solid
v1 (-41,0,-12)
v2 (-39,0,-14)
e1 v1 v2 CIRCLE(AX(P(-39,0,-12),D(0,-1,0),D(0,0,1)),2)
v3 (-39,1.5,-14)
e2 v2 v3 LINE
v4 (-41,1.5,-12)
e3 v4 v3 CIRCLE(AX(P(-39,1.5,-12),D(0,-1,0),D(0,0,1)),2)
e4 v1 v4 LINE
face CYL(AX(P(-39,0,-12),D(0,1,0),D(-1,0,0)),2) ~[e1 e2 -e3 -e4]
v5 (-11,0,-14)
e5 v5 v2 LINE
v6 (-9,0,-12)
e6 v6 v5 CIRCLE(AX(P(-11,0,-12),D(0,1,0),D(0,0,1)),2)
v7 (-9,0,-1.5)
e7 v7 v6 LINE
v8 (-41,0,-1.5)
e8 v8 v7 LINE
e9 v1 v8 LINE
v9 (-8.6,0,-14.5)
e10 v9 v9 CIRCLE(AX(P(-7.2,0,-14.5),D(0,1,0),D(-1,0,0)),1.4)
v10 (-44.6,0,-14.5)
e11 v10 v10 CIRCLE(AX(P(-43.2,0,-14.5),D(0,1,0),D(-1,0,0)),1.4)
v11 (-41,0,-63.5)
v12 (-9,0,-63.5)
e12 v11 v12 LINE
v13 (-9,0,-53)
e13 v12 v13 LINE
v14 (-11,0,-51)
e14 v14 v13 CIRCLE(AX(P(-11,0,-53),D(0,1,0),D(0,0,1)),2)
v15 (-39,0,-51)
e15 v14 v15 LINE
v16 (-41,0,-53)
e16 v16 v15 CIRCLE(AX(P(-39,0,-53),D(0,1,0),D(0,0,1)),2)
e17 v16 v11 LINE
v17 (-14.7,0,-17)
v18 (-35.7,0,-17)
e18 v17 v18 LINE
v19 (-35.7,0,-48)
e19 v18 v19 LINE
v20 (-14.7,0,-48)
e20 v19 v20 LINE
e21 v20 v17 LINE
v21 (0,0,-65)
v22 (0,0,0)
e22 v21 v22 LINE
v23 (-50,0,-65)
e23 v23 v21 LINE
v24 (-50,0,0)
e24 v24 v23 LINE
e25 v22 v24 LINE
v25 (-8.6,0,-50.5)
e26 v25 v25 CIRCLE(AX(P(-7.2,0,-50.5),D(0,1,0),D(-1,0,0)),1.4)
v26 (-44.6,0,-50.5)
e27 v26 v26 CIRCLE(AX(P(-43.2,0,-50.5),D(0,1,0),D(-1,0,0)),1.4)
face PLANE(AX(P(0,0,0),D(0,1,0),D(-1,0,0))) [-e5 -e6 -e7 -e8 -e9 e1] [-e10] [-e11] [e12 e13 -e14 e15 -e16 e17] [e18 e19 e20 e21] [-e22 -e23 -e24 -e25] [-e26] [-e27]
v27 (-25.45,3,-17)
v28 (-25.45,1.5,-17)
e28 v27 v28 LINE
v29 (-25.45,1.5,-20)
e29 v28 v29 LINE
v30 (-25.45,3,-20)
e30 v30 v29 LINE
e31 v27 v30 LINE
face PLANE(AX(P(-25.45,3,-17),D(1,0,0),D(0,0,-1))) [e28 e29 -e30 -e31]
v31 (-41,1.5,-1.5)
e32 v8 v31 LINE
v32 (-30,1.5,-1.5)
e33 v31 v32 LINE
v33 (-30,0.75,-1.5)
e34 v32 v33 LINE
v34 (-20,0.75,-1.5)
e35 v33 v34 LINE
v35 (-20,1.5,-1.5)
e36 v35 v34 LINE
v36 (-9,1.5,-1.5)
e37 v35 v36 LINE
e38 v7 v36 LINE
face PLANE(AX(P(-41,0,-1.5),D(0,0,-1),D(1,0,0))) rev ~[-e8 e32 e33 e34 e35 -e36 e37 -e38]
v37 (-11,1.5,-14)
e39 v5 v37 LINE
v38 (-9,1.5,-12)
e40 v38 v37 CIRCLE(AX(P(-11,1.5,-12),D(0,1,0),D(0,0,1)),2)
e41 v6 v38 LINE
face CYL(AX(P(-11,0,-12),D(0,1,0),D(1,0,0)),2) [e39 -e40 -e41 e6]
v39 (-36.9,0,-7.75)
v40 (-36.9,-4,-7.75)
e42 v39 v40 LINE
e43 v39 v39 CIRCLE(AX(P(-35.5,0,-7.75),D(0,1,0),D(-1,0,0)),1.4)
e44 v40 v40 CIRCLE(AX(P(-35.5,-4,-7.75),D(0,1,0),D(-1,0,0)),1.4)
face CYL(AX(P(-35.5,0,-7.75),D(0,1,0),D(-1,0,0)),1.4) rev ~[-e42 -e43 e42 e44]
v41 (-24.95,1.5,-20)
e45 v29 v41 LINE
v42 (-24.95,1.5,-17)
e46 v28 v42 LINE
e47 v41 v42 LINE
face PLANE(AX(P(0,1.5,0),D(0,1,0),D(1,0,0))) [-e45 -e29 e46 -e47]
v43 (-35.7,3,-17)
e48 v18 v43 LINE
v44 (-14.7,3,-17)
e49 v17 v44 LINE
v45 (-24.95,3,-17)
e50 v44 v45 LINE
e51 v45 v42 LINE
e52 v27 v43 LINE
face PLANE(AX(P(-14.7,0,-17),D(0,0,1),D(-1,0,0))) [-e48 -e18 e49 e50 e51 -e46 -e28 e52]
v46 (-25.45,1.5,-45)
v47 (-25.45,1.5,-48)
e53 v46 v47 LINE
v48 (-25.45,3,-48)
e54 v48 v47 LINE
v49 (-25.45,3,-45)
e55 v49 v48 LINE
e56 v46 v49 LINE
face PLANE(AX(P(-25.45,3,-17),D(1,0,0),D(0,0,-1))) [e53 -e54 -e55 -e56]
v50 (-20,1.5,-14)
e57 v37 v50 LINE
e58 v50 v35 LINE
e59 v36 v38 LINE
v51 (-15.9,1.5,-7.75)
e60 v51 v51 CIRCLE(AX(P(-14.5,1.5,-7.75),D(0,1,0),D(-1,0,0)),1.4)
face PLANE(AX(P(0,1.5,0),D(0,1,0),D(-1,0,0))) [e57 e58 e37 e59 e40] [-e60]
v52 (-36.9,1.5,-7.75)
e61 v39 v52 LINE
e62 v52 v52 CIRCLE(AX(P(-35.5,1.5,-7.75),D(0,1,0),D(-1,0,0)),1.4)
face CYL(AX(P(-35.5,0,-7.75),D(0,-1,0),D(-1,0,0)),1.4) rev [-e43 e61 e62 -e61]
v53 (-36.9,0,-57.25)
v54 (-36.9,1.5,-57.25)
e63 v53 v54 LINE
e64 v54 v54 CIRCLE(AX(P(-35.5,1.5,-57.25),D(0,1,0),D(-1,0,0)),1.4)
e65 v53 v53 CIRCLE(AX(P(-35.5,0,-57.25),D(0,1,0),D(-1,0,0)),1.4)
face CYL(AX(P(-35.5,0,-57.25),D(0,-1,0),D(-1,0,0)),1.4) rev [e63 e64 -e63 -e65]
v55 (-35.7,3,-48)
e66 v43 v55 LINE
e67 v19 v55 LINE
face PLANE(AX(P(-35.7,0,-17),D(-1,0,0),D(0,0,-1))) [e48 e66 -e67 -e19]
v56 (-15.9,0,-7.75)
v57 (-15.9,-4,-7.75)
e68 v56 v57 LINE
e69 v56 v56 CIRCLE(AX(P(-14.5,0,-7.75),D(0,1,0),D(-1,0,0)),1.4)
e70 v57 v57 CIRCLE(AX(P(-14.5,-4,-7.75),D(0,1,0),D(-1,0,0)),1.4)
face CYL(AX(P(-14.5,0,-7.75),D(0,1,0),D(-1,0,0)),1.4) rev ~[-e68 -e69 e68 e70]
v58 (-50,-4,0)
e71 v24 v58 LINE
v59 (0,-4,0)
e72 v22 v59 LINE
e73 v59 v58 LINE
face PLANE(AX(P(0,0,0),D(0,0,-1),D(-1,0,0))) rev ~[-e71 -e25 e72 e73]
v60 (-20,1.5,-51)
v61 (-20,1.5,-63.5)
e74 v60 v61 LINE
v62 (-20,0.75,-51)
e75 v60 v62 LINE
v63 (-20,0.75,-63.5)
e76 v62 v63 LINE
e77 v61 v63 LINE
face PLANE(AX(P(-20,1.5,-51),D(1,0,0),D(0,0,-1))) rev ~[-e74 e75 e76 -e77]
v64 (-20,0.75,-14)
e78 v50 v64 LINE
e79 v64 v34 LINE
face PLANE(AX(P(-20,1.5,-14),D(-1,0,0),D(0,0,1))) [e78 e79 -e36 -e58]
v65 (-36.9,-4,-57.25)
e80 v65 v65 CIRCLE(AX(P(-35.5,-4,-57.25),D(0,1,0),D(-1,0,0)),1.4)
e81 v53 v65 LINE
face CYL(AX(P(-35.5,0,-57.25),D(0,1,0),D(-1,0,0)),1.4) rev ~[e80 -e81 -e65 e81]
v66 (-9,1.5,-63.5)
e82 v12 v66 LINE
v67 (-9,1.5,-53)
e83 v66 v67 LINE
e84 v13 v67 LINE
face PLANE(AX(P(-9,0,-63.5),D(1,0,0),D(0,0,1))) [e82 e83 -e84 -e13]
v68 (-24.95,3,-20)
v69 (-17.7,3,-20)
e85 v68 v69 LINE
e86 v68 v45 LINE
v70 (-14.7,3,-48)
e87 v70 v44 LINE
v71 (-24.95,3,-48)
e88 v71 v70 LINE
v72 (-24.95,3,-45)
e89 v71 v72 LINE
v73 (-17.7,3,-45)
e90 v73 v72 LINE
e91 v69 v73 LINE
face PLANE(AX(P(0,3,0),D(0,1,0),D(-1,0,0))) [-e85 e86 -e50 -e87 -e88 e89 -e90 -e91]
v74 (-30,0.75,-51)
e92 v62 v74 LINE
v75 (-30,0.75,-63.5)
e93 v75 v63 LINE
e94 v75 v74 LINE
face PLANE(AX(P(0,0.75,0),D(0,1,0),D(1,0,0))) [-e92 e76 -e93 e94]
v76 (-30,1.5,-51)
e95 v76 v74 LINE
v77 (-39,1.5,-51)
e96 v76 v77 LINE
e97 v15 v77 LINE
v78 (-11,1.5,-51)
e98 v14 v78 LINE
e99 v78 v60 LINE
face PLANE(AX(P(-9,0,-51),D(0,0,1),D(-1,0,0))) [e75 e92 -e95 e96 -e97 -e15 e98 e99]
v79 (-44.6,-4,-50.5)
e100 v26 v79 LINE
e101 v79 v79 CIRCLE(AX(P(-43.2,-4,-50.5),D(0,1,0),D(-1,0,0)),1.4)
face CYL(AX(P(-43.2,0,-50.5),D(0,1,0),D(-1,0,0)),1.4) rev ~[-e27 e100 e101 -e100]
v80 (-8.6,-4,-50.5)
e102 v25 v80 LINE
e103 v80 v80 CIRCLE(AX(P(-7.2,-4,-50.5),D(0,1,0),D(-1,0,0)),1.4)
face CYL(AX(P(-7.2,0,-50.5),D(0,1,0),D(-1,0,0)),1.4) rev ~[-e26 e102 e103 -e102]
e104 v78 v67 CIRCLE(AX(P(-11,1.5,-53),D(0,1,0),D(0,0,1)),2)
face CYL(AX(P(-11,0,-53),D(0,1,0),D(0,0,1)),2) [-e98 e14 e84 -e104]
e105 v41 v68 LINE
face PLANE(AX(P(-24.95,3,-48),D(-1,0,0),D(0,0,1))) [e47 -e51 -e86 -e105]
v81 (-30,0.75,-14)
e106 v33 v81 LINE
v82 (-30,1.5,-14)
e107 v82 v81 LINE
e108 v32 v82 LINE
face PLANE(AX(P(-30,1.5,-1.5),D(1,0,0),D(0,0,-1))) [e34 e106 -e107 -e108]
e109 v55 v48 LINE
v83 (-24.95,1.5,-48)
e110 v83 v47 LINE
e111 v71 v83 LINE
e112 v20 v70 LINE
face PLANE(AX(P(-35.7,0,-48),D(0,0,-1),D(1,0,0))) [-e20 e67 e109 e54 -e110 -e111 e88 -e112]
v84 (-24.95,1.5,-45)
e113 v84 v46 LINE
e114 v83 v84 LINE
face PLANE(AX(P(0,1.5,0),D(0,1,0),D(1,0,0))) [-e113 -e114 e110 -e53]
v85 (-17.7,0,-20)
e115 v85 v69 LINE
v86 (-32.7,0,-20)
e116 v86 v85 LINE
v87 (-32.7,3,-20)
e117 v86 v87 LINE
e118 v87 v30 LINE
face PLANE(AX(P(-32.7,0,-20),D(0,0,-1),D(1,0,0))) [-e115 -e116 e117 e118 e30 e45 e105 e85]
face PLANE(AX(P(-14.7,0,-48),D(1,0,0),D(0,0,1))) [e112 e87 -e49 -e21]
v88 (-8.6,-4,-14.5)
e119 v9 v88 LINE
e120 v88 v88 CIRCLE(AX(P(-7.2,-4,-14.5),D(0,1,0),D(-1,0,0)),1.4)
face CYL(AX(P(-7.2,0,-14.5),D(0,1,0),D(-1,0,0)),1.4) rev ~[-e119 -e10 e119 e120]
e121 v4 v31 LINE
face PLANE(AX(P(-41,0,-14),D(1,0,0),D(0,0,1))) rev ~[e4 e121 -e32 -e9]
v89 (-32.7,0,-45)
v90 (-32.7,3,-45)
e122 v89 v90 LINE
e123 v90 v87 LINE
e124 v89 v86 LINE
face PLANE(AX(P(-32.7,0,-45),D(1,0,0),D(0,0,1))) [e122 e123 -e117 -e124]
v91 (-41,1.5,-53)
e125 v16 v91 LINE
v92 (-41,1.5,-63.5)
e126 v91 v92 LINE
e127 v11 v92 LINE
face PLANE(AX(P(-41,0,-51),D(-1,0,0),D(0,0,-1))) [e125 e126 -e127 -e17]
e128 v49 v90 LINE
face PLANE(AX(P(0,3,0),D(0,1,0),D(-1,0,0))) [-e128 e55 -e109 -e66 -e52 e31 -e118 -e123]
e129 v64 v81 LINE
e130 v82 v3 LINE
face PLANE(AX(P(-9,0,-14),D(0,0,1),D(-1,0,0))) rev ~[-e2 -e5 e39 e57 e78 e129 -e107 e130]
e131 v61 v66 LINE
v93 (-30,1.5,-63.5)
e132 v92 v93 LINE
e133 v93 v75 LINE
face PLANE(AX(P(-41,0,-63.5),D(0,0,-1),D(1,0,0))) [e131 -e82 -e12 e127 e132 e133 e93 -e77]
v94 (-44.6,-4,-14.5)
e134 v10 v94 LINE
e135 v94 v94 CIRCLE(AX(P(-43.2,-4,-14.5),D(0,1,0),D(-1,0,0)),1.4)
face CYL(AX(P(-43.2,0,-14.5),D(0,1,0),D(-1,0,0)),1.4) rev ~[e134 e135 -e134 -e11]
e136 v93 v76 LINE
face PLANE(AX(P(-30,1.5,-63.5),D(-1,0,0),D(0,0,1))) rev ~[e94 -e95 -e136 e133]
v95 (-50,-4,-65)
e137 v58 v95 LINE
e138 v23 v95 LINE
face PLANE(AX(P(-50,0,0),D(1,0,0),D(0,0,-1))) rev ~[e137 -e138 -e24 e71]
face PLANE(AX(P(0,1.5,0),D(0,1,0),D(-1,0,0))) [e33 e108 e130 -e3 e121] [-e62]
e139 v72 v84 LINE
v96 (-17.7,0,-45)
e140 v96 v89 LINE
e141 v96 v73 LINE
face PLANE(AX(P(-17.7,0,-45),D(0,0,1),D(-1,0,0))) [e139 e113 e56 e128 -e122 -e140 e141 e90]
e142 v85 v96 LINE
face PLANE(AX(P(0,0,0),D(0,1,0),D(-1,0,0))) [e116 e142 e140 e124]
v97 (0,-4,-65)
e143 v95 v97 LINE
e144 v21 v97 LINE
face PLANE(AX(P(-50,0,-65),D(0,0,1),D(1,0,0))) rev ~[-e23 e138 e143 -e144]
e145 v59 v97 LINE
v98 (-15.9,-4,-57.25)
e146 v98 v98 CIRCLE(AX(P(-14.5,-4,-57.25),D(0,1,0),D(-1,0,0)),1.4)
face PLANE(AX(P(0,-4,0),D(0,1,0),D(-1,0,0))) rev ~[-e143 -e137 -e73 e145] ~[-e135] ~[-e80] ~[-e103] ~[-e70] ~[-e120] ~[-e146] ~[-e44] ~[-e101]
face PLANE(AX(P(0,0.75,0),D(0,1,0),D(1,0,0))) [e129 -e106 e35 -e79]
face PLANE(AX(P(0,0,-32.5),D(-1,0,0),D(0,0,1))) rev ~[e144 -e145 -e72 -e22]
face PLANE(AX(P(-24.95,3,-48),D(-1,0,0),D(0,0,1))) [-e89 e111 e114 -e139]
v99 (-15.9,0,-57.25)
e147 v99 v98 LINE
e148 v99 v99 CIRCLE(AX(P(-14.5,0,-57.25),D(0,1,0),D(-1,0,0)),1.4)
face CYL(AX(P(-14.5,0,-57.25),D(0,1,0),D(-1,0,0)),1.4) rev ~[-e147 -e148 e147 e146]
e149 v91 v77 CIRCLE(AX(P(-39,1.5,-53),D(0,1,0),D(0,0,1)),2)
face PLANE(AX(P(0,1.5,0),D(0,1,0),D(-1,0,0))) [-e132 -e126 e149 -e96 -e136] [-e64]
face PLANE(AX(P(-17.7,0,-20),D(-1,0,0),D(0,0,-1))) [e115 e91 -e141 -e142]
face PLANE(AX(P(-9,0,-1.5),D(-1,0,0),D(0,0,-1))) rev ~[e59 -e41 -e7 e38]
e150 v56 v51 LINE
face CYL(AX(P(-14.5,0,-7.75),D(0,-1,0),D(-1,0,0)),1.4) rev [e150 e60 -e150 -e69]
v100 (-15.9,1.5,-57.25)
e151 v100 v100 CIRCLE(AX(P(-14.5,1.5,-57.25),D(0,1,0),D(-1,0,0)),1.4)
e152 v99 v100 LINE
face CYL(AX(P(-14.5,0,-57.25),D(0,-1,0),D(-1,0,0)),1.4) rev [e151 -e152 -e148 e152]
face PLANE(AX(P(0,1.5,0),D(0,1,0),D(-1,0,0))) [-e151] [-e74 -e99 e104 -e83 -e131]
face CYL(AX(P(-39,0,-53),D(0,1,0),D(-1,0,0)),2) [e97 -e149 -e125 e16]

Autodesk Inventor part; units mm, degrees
ref_plane "YZ Plane" through (0, 0, 0) normal (1, 0, 0) x (0, 1, 0)
ref_plane "XZ Plane" through (0, 0, 0) normal (0, 1, 0) x (-1, 0, 0)
ref_plane "XY Plane" through (0, 0, 0) normal (0, 0, 1) x (1, 0, 0)
sketch "Boceto1" plane through (0, 0, 0) normal (0, 1, 0) x (-1, 0, 0)
  line L0 (0, 0) -> (50, 0)
  line L1 (50, 0) -> (50, -65)
  line L2 (50, -65) -> (0, -65)
  line L3 (0, -65) -> (0, 0)
  line L4 (17.7, -45) -> (32.7, -45)
  line L5 (32.7, -45) -> (32.7, -20)
  line L6 (32.7, -20) -> (17.7, -20)
  line L7 (17.7, -20) -> (17.7, -45)
  line L8 (17.7, -45) -> (32.7, -20) construction
  line L9 (32.7, -45) -> (17.7, -20) construction
  line L10 (35.7, -17) -> (35.7, -48)
  line L11 (35.7, -48) -> (14.7, -48)
  line L12 (14.7, -48) -> (14.7, -17)
  line L13 (14.7, -17) -> (35.7, -17)
  line L14 (41, -1.5) -> (9, -1.5)
  line L15 (9, -1.5) -> (9, -14)
  line L16 (9, -14) -> (41, -14)
  line L17 (41, -14) -> (41, -1.5)
  line L18 (32.7, -32.5) -> (17.7, -32.5) construction
  line L19 (41, -7.75) -> (35.5, -7.75) construction
  line L20 (35.5, -7.75) -> (14.5, -7.75) construction
  line L21 (14.5, -7.75) -> (9, -7.75) construction
  circle A0 centre (35.5, -7.75) radius 1.4
  circle A1 centre (14.5, -7.75) radius 1.4
  line L22 (41, -63.5) -> (9, -63.5)
  line L23 (9, -63.5) -> (9, -51)
  line L24 (9, -51) -> (41, -51)
  line L25 (41, -51) -> (41, -63.5)
  circle A2 centre (35.5, -57.25) radius 1.4
  circle A3 centre (14.5, -57.25) radius 1.4
  line L26 (50, -32.5) -> (43.2, -32.5) construction
  line L27 (0, -32.5) -> (6.8, -32.5)
  line L28 (45.9347, 0) -> (45.9347, -15.5) construction
  line L29 (43.2, -32.5) -> (43.2, -14.5) construction
  line L30 (43.2, -14.5) -> (50, -14.5) construction
  circle A4 centre (43.2, -14.5) radius 1.4
  line L31 (25.2, -20) -> (25.2, -45) construction
  circle A5 centre (7.2, -14.5) radius 1.4
  circle A6 centre (35.5, -57.25) radius 1.4
  circle A7 centre (43.2, -50.5) radius 1.4
  circle A8 centre (7.2, -50.5) radius 1.4
  point P0 (25.2, -32.5)
  point P1 (25, -14)
  point P2 (25.2, -17)
  dimension "d0" = 65
  dimension "d1" = 50
  dimension "d2" = 25
  dimension "d3" = 15
  dimension "d4" = 3
  dimension "d5" = 12.5
  dimension "d6" = 32
  dimension "d7" = 3
  dimension "d8" = 5.5
  dimension "d9" = 5.5
  dimension "d10" = 2.8
  dimension "d11" = 2.8
  dimension "d12" = 6.8
  dimension "d13" = 6.8
  dimension "d15" = 2.8
  dimension "d30" = 1.5
  dimension "d31" = 36
  dimension "d32" = 36
extrude "Extrusión1" add sketch "Boceto1" along normal blind 3 contours L10 L11 L12 L13
extrude "Extrusión2" add sketch "Boceto1" against normal blind 4 contours L0 L1 L2 L3 | L17 L16 L15 L14 | L22 L23 L24 L25
extrude "Extrusión3" add sketch "Boceto1" along normal blind 1.5 contours L17 L16 L15 L14 | L22 L23 L24 L25
sketch "Boceto2" plane through (0, 1.5, 0) normal (0, 1, 0) x (1, 0, 0)
  line L0 (-41, 1.5) -> (-9, 1.5) projected
  line L1 (-25, 1.5) -> (-25, 14)
  line L2 (-9, 14) -> (-41, 14) projected
  line L3 (-20, 1.5) -> (-30, 1.5)
  line L4 (-30, 1.5) -> (-30, 14)
  line L5 (-30, 14) -> (-20, 14)
  line L6 (-20, 14) -> (-20, 1.5)
  line L7 (-20, 1.5) -> (-30, 14) construction
  line L8 (-30, 1.5) -> (-20, 14) construction
  line L9 (-32.7, 32.5) -> (-17.7, 32.5) construction
  line L10 (-41, 63.5) -> (-9, 63.5)
  line L11 (-9, 51) -> (-41, 51)
  line L12 (-30, 63.5) -> (-30, 51)
  line L13 (-20, 51) -> (-20, 63.5)
  point P0 (0, 0)
  point P1 (-25, 7.75)
  dimension "d22" = 10
extrude "Extrusión4" cut sketch "Boceto2" against normal blind 0.75
extrude "Extrusión5" add sketch "Boceto1" against normal blind 4 contours L7 L6 L5 L4 | L10 L11 L12 L13
sketch "Boceto3" plane through (0, 3, 0) normal (0, 1, 0) x (1, 0, 0)
  line L0 (-25.2, 20) -> (-25.2, 45) construction
  line L1 (-35.7, 17) -> (-14.7, 17) projected
  line L2 (-25.2, 17) -> (-25.2, 48)
  line L3 (-14.7, 48) -> (-35.7, 48) projected
  line L4 (-24.95, 17) -> (-25.45, 17)
  line L5 (-25.45, 17) -> (-25.45, 48)
  line L6 (-25.45, 48) -> (-24.95, 48)
  line L7 (-24.95, 48) -> (-24.95, 17)
  line L8 (-24.95, 17) -> (-25.45, 48) construction
  line L9 (-25.45, 17) -> (-24.95, 48) construction
  point P0 (0, 0)
  point P1 (-25.2, 32.5)
  point P2 (-24.95, 48)
  point P3 (-25.45, 17)
  dimension "d27" = 0.5
extrude "Extrusión6" cut sketch "Boceto3" against normal blind 1.5
fillet "Empalme1" radius 2 4 edges at (-41, 0.75, -51) (-9, 0.75, -51) (-9, 0.75, -14) (-41, 0.75, -14)
equation "\"d9\" = d8"
equation "\"d13\" = d12"
properties part number "Molde 1FBR 1.5mm"
